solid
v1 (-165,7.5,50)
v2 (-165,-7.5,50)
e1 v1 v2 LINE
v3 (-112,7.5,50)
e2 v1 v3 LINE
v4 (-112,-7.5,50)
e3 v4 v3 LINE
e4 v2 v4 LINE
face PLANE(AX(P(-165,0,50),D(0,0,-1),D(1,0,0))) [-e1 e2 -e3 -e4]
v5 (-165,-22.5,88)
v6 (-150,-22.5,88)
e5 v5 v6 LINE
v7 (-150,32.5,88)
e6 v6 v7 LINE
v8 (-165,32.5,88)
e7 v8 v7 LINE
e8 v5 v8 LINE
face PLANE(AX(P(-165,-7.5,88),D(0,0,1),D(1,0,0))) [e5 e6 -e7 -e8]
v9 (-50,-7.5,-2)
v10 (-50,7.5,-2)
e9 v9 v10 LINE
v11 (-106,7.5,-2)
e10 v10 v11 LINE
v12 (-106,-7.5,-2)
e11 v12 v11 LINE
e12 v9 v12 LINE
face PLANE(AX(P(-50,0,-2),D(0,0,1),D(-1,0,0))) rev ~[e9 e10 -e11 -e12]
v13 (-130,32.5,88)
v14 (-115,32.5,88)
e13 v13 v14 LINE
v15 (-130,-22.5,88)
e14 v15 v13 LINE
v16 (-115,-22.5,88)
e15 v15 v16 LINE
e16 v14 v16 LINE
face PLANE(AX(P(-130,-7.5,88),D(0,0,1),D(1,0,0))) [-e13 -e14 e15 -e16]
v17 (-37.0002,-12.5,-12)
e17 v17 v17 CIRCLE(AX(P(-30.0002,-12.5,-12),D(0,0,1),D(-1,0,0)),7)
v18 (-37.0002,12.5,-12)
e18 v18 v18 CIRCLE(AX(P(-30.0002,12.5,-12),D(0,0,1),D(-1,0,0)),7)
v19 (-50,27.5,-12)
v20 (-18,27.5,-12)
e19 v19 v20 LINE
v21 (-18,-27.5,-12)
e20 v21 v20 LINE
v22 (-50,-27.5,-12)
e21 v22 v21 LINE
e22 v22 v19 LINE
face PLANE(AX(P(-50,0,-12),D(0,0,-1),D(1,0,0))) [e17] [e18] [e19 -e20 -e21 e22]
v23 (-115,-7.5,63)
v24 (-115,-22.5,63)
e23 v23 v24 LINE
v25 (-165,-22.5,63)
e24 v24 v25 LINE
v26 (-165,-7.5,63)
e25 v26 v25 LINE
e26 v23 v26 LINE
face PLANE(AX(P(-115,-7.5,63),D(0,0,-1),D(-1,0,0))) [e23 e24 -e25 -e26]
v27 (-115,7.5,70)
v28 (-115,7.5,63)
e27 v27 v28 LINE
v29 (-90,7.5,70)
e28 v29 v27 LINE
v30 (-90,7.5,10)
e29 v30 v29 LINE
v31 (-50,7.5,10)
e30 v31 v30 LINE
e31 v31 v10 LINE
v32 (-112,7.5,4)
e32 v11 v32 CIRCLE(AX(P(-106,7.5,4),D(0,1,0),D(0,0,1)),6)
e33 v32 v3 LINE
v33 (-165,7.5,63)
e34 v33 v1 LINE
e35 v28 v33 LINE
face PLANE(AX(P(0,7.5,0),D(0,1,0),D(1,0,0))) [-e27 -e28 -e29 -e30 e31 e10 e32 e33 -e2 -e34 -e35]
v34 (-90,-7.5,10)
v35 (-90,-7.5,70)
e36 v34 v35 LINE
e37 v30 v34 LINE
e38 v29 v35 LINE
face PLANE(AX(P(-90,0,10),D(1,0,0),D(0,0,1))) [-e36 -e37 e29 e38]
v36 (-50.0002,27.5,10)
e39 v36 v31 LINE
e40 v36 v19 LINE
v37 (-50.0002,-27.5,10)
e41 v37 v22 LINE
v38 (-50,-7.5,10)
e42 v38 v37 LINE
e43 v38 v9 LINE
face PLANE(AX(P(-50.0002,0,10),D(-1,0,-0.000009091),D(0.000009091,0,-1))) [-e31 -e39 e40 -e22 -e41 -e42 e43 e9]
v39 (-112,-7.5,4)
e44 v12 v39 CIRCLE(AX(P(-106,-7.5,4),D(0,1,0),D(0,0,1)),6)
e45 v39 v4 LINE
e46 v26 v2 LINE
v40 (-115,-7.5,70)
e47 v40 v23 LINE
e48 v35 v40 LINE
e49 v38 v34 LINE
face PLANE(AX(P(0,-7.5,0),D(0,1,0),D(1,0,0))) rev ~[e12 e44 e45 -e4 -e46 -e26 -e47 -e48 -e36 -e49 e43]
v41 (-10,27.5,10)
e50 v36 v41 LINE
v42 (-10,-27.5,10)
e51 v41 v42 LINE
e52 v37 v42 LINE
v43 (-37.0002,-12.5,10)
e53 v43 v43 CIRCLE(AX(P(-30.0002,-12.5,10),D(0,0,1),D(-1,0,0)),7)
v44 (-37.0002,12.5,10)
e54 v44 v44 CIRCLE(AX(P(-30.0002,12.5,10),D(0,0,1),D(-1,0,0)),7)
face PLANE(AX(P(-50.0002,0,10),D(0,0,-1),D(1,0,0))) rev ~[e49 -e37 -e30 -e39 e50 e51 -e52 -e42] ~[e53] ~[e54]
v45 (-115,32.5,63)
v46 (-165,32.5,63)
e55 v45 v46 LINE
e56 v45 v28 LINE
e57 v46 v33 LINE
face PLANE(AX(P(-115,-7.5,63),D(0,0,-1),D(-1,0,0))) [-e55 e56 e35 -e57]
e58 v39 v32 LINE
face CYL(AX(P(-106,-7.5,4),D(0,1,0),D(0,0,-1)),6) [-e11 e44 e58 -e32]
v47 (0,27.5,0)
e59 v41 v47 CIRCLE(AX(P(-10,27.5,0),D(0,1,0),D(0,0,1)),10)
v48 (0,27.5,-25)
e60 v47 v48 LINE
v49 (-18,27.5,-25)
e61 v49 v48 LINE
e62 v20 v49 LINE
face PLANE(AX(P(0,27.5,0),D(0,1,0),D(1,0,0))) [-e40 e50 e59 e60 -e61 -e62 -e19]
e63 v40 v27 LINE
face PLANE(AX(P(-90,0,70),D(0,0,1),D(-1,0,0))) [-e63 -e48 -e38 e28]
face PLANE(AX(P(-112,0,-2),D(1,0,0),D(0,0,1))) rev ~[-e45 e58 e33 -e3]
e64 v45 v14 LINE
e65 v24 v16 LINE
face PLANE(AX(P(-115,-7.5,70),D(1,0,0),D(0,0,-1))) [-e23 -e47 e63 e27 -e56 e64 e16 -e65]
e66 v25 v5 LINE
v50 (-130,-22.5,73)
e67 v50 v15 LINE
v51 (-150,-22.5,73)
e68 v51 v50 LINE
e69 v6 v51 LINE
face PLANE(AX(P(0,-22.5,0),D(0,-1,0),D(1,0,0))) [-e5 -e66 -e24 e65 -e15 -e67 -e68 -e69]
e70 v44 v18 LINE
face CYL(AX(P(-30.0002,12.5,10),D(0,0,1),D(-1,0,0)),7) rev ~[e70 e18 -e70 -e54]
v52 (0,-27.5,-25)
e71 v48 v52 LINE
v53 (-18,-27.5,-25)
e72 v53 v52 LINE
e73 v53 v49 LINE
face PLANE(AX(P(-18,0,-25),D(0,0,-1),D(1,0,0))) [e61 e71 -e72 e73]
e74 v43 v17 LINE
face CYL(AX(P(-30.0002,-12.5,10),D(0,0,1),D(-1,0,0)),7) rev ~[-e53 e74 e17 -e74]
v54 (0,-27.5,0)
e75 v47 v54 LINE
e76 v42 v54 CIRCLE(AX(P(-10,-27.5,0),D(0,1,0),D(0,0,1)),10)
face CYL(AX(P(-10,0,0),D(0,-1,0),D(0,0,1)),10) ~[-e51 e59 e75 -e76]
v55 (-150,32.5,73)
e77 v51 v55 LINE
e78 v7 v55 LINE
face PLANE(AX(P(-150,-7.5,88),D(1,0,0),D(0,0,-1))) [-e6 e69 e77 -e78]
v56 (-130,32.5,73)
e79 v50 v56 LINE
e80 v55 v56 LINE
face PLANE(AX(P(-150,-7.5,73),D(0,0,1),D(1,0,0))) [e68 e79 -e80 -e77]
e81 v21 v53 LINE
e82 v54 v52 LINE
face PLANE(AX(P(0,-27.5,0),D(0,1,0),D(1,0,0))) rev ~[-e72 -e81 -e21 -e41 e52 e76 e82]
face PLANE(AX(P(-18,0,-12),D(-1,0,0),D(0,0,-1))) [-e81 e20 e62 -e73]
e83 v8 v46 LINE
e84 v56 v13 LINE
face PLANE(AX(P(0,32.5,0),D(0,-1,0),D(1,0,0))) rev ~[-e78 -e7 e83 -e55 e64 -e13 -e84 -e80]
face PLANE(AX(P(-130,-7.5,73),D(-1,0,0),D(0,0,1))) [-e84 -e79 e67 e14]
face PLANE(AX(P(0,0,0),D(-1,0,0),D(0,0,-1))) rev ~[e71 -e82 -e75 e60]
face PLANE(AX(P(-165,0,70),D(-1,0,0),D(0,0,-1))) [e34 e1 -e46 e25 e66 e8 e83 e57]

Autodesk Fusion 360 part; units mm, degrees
sketch "Sketch1" plane through (0, 0, 0) normal (0, 1, 0) x (1, 0, 0)
  line L0 (-18, 25) -> (0, 25)
  line L1 (-50.0002, -10) -> (-50, 12)
  line L2 (-50, 12) -> (-18, 12)
  line L3 (-18, 12) -> (-18, 25)
  line L4 (-50.0002, -10) -> (-10, -10)
  line L5 (0, 0) -> (0, 25)
  arc A0 (-10, -10) -> (0, 0) centre (-10, 0) ccw
  dimension "d6" = 18
  dimension "d7" = 50
  dimension "d8" = 13
  dimension "d10" = 22
  dimension "d11" = 10
extrude "Extrude1" add sketch "Sketch1" along normal mid plane 55
sketch "Sketch2" plane through (0, 0, 10) normal (0, 0, 1) x (-1, 0, 0)
  line L0 (10, 27.5) -> (10, -27.5)
  line L1 (10, -27.5) -> (50.0002, -27.5)
  line L2 (50.0002, -27.5) -> (50.0002, 27.5)
  line L3 (50.0002, 27.5) -> (10, 27.5)
  circle A0 centre (30.0002, 12.5) radius 7
  circle A1 centre (30.0002, -12.5) radius 7
  dimension "d17" = 14
  dimension "d18" = 15
  dimension "d19" = 20
  dimension "d20" = 14
  dimension "d21" = 15
  dimension "d22" = 20
extrude "Extrude2" cut sketch "Sketch2" against normal through all contours A0 | A1
sketch "Sketch3" plane through (0, 0, 0) normal (0, 1, 0) x (1, 0, 0)
  line L0 (-50, 2) -> (-112, 2)
  line L1 (-50, -10) -> (-90, -10)
  line L2 (-112, 2) -> (-112, -50)
  line L3 (-90, -10) -> (-90, -70)
  line L4 (-90, -70) -> (-165, -70)
  line L5 (-165, -70) -> (-165, -50)
  line L6 (-165, -50) -> (-112, -50)
  line L7 (-50, -10) -> (-50, 2)
  dimension "d24" = 62
  dimension "d26" = 40
  dimension "d28" = 52
  dimension "d30" = 75
  dimension "d31" = 20
  dimension "d52" = 12
extrude "Extrude3" add sketch "Sketch3" along normal mid plane 15
fillet "Fillet1" radius 6 1 edges at (-112, 0, -2)
sketch "Sketch5" plane through (0, -7.5, 0) normal (0, -1, 0) x (1, 0, 0)
  arc A0 (-112, 4) -> (-106, -2) centre (-106, 4) ccw
  line L0 (-106, -2) -> (-50.0001, -2)
  line L1 (-50.0001, -2) -> (-50.0002, 10)
  line L2 (-50.0002, 10) -> (-90, 10)
  line L3 (-90, 10) -> (-90, 70)
  line L4 (-90, 70) -> (-165, 70)
  line L5 (-165, 70) -> (-165, 50)
  line L6 (-165, 50) -> (-112, 50)
  line L7 (-112, 50) -> (-112, 4)
  line L8 (-115, 63) -> (-165, 63)
  line L9 (-165, 63) -> (-165, 88)
  line L10 (-165, 88) -> (-150, 88)
  line L11 (-150, 88) -> (-150, 73)
  line L12 (-150, 73) -> (-130, 73)
  line L13 (-130, 73) -> (-130, 88)
  line L14 (-130, 88) -> (-115, 88)
  line L15 (-115, 88) -> (-115, 63)
  dimension "d41" = 50
  dimension "d42" = 25
  dimension "d43" = 15
  dimension "d44" = 15
  dimension "d45" = 20
  dimension "d46" = 15
  dimension "d47" = 18
extrude "Extrude4" add sketch "Sketch5" along normal blind 15 and the other way blind 40 contours L4 L5 L8 L9 L15 | L4 L9 L10 L11 L12 L13 L14 L15
sketch "Sketch6" plane through (0, -7.5, 0) normal (0, -1, 0) x (1, 0, 0)
  line L0 (-115, 63) -> (-165, 63)
  line L1 (-165, 63) -> (-165, 50)
  line L2 (-165, 50) -> (-112, 50)
  line L3 (-112, 50) -> (-112, 4)
  arc A0 (-112, 4) -> (-106, -2) centre (-106, 4) ccw
  line L4 (-106, -2) -> (-50.0001, -2)
  line L5 (-50.0001, -2) -> (-50.0002, 10)
  line L6 (-50.0002, 10) -> (-90, 10)
  line L7 (-90, 10) -> (-90, 70)
  line L8 (-90, 70) -> (-115, 70)
  line L9 (-115, 70) -> (-115, 63)
sketch "Sketch7" plane through (0, -7.5, 0) normal (0, -1, 0) x (1, 0, 0)
